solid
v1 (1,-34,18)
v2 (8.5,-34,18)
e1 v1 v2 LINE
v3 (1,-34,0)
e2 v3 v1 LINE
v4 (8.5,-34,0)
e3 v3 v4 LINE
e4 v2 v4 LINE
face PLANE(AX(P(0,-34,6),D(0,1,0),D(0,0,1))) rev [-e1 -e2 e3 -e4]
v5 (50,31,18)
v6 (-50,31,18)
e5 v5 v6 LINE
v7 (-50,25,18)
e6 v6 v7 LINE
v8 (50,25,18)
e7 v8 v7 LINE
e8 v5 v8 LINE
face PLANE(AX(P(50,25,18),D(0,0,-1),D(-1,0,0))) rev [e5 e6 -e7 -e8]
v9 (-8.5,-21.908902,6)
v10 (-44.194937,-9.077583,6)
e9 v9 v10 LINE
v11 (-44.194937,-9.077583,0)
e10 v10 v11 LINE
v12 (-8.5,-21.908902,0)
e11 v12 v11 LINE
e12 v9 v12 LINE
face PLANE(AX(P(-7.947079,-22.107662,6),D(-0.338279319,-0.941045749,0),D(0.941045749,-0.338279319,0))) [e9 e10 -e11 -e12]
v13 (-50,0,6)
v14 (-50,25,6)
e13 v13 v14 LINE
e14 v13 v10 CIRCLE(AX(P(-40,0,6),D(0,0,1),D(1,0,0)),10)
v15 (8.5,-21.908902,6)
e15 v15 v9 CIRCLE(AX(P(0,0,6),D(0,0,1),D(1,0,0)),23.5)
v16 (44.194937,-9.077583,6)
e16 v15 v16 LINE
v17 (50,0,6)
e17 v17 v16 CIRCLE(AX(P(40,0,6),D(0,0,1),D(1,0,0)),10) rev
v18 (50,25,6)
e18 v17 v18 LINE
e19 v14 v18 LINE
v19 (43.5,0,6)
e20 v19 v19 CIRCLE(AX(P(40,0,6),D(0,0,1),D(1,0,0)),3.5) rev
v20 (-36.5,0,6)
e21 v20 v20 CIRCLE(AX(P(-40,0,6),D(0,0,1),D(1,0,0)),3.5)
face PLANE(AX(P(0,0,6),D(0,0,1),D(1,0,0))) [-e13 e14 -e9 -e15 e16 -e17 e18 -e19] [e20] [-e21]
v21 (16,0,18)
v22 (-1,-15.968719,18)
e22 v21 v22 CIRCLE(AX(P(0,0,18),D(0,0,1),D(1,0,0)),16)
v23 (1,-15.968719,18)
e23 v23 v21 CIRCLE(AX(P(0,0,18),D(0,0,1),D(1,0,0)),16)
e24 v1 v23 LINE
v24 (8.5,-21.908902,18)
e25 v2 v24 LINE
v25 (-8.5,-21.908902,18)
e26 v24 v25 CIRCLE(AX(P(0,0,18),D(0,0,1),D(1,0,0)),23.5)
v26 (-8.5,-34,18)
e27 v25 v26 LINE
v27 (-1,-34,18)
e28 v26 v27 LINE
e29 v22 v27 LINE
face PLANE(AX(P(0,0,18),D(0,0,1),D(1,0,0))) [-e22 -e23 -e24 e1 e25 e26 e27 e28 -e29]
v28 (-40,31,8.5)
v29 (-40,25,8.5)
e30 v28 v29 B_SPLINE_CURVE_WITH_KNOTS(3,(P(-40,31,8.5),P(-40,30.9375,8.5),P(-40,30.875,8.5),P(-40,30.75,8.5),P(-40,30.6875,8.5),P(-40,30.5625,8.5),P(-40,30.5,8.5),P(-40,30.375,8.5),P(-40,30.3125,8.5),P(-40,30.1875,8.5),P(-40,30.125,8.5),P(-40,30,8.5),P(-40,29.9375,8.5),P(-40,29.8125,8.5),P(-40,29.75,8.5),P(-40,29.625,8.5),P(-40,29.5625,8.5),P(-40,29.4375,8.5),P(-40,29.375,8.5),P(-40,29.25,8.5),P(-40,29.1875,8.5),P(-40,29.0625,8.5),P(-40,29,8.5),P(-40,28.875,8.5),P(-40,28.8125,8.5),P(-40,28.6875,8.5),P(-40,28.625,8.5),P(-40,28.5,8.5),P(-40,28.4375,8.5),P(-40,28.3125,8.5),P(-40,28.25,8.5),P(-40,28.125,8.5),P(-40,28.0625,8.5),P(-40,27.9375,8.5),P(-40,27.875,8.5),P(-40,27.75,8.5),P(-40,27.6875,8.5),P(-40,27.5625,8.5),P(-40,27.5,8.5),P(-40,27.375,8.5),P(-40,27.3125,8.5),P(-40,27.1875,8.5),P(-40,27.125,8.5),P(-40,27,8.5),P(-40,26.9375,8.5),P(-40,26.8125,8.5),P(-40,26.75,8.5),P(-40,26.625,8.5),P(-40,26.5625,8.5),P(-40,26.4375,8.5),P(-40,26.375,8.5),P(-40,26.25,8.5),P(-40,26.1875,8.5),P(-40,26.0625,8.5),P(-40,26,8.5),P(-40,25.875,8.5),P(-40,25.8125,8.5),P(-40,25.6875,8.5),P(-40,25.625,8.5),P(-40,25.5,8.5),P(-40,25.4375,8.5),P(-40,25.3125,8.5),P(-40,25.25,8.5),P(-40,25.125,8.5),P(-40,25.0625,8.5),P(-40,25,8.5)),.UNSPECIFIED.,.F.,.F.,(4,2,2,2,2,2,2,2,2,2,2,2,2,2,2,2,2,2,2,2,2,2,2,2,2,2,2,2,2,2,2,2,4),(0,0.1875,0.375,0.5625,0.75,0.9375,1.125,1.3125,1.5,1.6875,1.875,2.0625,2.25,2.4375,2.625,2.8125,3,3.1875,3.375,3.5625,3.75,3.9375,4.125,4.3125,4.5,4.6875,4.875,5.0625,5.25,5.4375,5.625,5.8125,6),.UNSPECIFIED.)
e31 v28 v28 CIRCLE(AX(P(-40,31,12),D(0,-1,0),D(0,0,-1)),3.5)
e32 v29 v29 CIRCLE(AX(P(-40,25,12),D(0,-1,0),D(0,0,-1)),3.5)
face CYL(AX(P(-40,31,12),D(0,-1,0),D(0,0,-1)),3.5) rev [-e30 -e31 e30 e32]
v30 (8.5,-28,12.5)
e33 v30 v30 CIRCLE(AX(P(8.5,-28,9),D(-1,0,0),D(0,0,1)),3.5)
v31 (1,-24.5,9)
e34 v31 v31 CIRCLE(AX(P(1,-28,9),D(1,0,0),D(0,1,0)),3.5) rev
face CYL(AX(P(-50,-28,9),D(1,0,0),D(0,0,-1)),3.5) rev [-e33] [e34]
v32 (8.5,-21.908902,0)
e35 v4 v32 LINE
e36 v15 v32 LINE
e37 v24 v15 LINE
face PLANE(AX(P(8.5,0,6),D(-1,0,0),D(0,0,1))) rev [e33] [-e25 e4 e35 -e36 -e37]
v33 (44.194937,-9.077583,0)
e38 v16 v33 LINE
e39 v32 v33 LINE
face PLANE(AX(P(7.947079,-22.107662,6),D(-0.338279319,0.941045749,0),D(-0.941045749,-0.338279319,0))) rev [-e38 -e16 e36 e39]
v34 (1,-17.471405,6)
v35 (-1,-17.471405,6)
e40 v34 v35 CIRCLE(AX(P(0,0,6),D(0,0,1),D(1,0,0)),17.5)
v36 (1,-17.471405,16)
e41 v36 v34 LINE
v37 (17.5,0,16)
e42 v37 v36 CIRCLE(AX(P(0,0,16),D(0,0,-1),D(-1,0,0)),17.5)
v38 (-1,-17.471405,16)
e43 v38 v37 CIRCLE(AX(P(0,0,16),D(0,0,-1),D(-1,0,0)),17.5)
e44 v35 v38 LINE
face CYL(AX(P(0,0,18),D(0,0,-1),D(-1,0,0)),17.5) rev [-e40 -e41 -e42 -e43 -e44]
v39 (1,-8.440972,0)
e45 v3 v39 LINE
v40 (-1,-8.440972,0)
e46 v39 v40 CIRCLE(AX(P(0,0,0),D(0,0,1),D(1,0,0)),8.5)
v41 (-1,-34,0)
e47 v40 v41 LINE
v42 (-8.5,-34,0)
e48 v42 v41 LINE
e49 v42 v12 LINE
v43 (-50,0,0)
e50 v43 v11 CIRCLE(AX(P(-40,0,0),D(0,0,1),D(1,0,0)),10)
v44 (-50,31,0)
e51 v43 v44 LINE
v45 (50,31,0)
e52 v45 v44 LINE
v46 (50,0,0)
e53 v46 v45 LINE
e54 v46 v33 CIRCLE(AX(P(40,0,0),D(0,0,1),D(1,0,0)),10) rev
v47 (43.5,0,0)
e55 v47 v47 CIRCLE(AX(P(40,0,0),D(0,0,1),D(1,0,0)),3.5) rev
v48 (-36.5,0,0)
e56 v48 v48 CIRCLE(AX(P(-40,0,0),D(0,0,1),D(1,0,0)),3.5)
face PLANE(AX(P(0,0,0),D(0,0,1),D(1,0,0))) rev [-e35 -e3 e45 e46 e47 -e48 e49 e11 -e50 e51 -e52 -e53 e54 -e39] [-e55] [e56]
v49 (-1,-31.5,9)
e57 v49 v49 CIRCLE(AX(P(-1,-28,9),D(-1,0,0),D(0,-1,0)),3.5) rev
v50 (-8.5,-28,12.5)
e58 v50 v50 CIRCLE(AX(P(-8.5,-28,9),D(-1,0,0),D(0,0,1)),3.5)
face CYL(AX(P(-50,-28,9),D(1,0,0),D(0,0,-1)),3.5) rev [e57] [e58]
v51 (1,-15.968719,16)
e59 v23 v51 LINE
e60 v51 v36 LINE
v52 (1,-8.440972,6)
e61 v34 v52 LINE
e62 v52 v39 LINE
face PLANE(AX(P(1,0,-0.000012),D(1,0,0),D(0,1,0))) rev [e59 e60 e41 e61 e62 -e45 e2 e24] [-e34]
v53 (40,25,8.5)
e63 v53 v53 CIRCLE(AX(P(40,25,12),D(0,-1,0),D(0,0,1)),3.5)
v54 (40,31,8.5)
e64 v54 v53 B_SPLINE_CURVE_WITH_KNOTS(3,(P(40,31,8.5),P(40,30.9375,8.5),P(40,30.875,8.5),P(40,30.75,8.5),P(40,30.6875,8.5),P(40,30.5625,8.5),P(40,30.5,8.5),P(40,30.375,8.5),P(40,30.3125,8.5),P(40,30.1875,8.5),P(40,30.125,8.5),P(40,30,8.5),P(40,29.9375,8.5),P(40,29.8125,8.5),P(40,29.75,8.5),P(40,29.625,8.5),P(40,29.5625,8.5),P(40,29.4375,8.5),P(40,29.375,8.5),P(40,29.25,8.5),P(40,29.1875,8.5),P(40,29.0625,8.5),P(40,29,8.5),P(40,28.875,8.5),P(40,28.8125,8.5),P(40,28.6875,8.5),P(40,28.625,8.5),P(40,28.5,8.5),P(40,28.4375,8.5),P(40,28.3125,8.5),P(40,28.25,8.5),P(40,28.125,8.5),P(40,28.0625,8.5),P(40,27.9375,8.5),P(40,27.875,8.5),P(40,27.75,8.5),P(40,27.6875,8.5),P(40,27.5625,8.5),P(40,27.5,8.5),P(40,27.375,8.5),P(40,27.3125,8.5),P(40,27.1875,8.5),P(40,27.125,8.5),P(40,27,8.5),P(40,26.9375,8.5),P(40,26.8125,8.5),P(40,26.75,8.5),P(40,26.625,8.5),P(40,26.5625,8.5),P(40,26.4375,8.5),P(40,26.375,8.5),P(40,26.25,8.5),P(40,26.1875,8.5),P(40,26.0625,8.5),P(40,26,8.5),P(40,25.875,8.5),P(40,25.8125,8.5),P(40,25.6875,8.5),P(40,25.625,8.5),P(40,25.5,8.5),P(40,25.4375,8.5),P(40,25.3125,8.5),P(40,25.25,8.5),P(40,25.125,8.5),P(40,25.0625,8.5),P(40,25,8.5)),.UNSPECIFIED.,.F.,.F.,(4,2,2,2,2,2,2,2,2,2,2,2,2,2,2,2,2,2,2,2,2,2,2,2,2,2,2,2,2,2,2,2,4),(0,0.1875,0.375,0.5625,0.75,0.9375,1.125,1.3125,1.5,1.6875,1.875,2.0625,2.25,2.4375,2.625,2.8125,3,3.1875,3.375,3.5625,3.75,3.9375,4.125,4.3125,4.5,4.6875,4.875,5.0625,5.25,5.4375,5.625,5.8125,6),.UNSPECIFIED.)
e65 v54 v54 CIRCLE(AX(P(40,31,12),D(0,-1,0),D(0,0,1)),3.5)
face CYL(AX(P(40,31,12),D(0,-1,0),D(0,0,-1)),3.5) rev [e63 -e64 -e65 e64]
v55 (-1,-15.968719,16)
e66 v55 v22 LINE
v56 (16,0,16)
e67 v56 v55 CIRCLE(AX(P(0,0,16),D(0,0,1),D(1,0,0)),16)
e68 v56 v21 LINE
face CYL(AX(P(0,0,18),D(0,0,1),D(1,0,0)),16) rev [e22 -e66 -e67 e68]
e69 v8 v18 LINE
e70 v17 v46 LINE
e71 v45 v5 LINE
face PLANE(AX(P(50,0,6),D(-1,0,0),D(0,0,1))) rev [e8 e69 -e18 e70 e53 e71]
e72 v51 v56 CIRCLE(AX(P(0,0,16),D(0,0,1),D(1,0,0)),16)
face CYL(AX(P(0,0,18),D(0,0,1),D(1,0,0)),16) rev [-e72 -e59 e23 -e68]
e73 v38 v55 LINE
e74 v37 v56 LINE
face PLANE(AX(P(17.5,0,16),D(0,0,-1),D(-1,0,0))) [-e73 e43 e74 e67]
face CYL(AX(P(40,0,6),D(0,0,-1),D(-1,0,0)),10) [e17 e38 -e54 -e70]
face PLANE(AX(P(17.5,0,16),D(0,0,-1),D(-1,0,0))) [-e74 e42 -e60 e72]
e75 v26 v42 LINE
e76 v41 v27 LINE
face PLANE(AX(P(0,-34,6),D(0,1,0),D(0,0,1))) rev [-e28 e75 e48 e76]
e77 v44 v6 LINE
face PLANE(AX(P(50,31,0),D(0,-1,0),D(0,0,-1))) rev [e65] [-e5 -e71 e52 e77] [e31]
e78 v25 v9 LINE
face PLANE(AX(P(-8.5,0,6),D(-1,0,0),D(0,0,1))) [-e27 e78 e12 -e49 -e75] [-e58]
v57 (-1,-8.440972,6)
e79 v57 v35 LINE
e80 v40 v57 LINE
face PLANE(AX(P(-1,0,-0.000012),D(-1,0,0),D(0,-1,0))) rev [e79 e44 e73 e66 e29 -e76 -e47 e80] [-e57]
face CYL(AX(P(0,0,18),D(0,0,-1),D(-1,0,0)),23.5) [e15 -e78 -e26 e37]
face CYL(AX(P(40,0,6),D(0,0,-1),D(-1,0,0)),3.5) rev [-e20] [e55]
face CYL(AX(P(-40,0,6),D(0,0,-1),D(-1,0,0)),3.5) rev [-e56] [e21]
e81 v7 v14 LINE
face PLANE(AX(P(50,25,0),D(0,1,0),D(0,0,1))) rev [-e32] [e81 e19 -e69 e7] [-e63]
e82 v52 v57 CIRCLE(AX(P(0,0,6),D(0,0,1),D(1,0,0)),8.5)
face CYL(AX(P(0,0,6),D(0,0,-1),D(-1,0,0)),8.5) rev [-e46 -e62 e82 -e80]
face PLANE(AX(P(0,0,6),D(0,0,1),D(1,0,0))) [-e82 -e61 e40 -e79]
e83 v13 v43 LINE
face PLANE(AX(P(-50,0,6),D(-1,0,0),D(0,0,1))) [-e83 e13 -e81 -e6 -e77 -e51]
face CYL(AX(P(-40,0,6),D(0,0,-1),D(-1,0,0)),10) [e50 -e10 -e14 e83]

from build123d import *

# Parameters (mm, degrees)
SKETCH1_R                = 3.5
SKETCH1_R_2              = 8.5
BOSS_EXTRUDE1_DEPTH      = 6
SKETCH2_R                = 17.5
BOSS_EXTRUDE2_DEPTH      = 12
SKETCH4_W                = 1.5
SKETCH4_H                = 2
CUT_EXTRUDE1_DEPTH       = 64.087241182
CUT_EXTRUDE1_DEPTH_BACK  = 64.087241182
SKETCH5_R                = 3.5
BOSS_EXTRUDE6_DEPTH      = 50
BOSS_EXTRUDE6_DEPTH_BACK = 50
SKETCH9_W                = 18
SKETCH9_H                = 6
CUT_EXTRUDE10_DEPTH      = 64.087241182
CUT_EXTRUDE10_DEPTH_BACK = 64.087241182
SKETCH10_W               = 2
SKETCH10_H               = 34
SKETCH11_R               = 3.5
CUT_EXTRUDE11_DEPTH      = 80.404030124


with BuildPart() as part:
    # Sketch1 → Boss-Extrude1 (new body)
    with BuildSketch(Plane.XY):
        with BuildLine():
            Line((-42.544589072, -9.670835871), (-8.5, -21.9089023))
            Line((-8.5, -21.9089023), (-8.5, -34))
            Line((-8.5, -34), (8.5, -34))
            Line((8.5, -34), (8.5, -21.9089023))
            Line((8.5, -21.9089023), (42.544589072, -9.670835871))
            Line((42.544589072, -9.670835871), (44.194936835, -9.07758255))
            ThreePointArc((44.194936835, -9.07758255), (48.424647422, -5.38751481), (50, 0))
            Line((50, 0), (50, 25))
            Line((50, 25), (-50, 25))
            Line((-50, 25), (-50, 0))
            ThreePointArc((-50, 0), (-48.424647422, -5.38751481), (-44.194936835, -9.07758255))
            Line((-44.194936835, -9.07758255), (-42.544589072, -9.670835871))
        make_face()
        with Locations((-40, 0)):
            Circle(SKETCH1_R, mode=Mode.SUBTRACT)
        Circle(SKETCH1_R_2, mode=Mode.SUBTRACT)
        with Locations((40, 0)):
            Circle(SKETCH1_R, mode=Mode.SUBTRACT)
    extrude(amount=BOSS_EXTRUDE1_DEPTH)

    # Sketch2 → Boss-Extrude2 (add)
    with BuildSketch(Plane.XY.offset(6)):
        with BuildLine():
            Line((-8.5, -34), (8.5, -34))
            Line((8.5, -34), (8.5, -21.9089023))
            ThreePointArc((8.5, -21.9089023), (0, 23.5), (-8.5, -21.9089023))
            Line((-8.5, -21.9089023), (-8.5, -34))
        make_face()
        Circle(SKETCH2_R, mode=Mode.SUBTRACT)
    extrude(amount=BOSS_EXTRUDE2_DEPTH)

    # Sweep1: sweep along a curve in space
    with BuildLine() as sweep1_path:
        ThreePointArc((17.5, 0, 18), (12.374368671, 12.374368671, 18), (0, 17.5, 18))
        ThreePointArc((0, 17.5, 18), (-12.374368671, 12.374368671, 18), (-17.5, 0, 18))
        ThreePointArc((-17.5, 0, 18), (-12.374368671, -12.374368671, 18), (0, -17.5, 18))
        ThreePointArc((0, -17.5, 18), (12.374368671, -12.374368671, 18), (17.5, 0, 18))
    # Sketch4 → Sweep1 (sweep)
    with BuildSketch(Plane(origin=(0, 0, 0), x_dir=(1, 0, 0), z_dir=(0, 1, 0))):
        with Locations((16.75, -17)):
            Rectangle(SKETCH4_W, SKETCH4_H)
    sweep(path=sweep1_path.line)

    # Sketch5 → Cut-Extrude1 (cut, two sides: drawn at the far end of the back side and taken through both)
    with BuildSketch(Plane(origin=(0, 0, 0), x_dir=(0, 0, -1), z_dir=(1, 0, 0)).offset(-CUT_EXTRUDE1_DEPTH_BACK)):
        with Locations(Location((-9, -28, 0), (0, 0, 180))):
            Circle(SKETCH5_R)
    extrude(amount=CUT_EXTRUDE1_DEPTH + CUT_EXTRUDE1_DEPTH_BACK, mode=Mode.SUBTRACT)

    # Sketch9 → Boss-Extrude6 (add, two sides: drawn at the far end of the back side and taken through both)
    with BuildSketch(Plane(origin=(0, 0, 0), x_dir=(0, 0, -1), z_dir=(1, 0, 0)).offset(-BOSS_EXTRUDE6_DEPTH_BACK)):
        with Locations((-9, 28)):
            Rectangle(SKETCH9_W, SKETCH9_H)
    extrude(amount=BOSS_EXTRUDE6_DEPTH + BOSS_EXTRUDE6_DEPTH_BACK)

    # Sketch10 → Cut-Extrude10 (cut, two sides: drawn at the far end of the back side and taken through both)
    with BuildSketch(Plane.XY.offset(-CUT_EXTRUDE10_DEPTH_BACK)):
        with Locations((0, -17)):
            Rectangle(SKETCH10_W, SKETCH10_H)
    extrude(amount=CUT_EXTRUDE10_DEPTH + CUT_EXTRUDE10_DEPTH_BACK, mode=Mode.SUBTRACT)

    # Sketch11 → Cut-Extrude11 (cut, through all)
    with BuildSketch(Plane.XZ.offset(-25)):
        with Locations(Location((-40, 12, 0), (0, 0, 270))):
            Circle(SKETCH11_R)
        with Locations(Location((40, 12, 0), (0, 0, 270))):
            Circle(SKETCH11_R)
    extrude(amount=-CUT_EXTRUDE11_DEPTH, mode=Mode.SUBTRACT)


solid = part.part
